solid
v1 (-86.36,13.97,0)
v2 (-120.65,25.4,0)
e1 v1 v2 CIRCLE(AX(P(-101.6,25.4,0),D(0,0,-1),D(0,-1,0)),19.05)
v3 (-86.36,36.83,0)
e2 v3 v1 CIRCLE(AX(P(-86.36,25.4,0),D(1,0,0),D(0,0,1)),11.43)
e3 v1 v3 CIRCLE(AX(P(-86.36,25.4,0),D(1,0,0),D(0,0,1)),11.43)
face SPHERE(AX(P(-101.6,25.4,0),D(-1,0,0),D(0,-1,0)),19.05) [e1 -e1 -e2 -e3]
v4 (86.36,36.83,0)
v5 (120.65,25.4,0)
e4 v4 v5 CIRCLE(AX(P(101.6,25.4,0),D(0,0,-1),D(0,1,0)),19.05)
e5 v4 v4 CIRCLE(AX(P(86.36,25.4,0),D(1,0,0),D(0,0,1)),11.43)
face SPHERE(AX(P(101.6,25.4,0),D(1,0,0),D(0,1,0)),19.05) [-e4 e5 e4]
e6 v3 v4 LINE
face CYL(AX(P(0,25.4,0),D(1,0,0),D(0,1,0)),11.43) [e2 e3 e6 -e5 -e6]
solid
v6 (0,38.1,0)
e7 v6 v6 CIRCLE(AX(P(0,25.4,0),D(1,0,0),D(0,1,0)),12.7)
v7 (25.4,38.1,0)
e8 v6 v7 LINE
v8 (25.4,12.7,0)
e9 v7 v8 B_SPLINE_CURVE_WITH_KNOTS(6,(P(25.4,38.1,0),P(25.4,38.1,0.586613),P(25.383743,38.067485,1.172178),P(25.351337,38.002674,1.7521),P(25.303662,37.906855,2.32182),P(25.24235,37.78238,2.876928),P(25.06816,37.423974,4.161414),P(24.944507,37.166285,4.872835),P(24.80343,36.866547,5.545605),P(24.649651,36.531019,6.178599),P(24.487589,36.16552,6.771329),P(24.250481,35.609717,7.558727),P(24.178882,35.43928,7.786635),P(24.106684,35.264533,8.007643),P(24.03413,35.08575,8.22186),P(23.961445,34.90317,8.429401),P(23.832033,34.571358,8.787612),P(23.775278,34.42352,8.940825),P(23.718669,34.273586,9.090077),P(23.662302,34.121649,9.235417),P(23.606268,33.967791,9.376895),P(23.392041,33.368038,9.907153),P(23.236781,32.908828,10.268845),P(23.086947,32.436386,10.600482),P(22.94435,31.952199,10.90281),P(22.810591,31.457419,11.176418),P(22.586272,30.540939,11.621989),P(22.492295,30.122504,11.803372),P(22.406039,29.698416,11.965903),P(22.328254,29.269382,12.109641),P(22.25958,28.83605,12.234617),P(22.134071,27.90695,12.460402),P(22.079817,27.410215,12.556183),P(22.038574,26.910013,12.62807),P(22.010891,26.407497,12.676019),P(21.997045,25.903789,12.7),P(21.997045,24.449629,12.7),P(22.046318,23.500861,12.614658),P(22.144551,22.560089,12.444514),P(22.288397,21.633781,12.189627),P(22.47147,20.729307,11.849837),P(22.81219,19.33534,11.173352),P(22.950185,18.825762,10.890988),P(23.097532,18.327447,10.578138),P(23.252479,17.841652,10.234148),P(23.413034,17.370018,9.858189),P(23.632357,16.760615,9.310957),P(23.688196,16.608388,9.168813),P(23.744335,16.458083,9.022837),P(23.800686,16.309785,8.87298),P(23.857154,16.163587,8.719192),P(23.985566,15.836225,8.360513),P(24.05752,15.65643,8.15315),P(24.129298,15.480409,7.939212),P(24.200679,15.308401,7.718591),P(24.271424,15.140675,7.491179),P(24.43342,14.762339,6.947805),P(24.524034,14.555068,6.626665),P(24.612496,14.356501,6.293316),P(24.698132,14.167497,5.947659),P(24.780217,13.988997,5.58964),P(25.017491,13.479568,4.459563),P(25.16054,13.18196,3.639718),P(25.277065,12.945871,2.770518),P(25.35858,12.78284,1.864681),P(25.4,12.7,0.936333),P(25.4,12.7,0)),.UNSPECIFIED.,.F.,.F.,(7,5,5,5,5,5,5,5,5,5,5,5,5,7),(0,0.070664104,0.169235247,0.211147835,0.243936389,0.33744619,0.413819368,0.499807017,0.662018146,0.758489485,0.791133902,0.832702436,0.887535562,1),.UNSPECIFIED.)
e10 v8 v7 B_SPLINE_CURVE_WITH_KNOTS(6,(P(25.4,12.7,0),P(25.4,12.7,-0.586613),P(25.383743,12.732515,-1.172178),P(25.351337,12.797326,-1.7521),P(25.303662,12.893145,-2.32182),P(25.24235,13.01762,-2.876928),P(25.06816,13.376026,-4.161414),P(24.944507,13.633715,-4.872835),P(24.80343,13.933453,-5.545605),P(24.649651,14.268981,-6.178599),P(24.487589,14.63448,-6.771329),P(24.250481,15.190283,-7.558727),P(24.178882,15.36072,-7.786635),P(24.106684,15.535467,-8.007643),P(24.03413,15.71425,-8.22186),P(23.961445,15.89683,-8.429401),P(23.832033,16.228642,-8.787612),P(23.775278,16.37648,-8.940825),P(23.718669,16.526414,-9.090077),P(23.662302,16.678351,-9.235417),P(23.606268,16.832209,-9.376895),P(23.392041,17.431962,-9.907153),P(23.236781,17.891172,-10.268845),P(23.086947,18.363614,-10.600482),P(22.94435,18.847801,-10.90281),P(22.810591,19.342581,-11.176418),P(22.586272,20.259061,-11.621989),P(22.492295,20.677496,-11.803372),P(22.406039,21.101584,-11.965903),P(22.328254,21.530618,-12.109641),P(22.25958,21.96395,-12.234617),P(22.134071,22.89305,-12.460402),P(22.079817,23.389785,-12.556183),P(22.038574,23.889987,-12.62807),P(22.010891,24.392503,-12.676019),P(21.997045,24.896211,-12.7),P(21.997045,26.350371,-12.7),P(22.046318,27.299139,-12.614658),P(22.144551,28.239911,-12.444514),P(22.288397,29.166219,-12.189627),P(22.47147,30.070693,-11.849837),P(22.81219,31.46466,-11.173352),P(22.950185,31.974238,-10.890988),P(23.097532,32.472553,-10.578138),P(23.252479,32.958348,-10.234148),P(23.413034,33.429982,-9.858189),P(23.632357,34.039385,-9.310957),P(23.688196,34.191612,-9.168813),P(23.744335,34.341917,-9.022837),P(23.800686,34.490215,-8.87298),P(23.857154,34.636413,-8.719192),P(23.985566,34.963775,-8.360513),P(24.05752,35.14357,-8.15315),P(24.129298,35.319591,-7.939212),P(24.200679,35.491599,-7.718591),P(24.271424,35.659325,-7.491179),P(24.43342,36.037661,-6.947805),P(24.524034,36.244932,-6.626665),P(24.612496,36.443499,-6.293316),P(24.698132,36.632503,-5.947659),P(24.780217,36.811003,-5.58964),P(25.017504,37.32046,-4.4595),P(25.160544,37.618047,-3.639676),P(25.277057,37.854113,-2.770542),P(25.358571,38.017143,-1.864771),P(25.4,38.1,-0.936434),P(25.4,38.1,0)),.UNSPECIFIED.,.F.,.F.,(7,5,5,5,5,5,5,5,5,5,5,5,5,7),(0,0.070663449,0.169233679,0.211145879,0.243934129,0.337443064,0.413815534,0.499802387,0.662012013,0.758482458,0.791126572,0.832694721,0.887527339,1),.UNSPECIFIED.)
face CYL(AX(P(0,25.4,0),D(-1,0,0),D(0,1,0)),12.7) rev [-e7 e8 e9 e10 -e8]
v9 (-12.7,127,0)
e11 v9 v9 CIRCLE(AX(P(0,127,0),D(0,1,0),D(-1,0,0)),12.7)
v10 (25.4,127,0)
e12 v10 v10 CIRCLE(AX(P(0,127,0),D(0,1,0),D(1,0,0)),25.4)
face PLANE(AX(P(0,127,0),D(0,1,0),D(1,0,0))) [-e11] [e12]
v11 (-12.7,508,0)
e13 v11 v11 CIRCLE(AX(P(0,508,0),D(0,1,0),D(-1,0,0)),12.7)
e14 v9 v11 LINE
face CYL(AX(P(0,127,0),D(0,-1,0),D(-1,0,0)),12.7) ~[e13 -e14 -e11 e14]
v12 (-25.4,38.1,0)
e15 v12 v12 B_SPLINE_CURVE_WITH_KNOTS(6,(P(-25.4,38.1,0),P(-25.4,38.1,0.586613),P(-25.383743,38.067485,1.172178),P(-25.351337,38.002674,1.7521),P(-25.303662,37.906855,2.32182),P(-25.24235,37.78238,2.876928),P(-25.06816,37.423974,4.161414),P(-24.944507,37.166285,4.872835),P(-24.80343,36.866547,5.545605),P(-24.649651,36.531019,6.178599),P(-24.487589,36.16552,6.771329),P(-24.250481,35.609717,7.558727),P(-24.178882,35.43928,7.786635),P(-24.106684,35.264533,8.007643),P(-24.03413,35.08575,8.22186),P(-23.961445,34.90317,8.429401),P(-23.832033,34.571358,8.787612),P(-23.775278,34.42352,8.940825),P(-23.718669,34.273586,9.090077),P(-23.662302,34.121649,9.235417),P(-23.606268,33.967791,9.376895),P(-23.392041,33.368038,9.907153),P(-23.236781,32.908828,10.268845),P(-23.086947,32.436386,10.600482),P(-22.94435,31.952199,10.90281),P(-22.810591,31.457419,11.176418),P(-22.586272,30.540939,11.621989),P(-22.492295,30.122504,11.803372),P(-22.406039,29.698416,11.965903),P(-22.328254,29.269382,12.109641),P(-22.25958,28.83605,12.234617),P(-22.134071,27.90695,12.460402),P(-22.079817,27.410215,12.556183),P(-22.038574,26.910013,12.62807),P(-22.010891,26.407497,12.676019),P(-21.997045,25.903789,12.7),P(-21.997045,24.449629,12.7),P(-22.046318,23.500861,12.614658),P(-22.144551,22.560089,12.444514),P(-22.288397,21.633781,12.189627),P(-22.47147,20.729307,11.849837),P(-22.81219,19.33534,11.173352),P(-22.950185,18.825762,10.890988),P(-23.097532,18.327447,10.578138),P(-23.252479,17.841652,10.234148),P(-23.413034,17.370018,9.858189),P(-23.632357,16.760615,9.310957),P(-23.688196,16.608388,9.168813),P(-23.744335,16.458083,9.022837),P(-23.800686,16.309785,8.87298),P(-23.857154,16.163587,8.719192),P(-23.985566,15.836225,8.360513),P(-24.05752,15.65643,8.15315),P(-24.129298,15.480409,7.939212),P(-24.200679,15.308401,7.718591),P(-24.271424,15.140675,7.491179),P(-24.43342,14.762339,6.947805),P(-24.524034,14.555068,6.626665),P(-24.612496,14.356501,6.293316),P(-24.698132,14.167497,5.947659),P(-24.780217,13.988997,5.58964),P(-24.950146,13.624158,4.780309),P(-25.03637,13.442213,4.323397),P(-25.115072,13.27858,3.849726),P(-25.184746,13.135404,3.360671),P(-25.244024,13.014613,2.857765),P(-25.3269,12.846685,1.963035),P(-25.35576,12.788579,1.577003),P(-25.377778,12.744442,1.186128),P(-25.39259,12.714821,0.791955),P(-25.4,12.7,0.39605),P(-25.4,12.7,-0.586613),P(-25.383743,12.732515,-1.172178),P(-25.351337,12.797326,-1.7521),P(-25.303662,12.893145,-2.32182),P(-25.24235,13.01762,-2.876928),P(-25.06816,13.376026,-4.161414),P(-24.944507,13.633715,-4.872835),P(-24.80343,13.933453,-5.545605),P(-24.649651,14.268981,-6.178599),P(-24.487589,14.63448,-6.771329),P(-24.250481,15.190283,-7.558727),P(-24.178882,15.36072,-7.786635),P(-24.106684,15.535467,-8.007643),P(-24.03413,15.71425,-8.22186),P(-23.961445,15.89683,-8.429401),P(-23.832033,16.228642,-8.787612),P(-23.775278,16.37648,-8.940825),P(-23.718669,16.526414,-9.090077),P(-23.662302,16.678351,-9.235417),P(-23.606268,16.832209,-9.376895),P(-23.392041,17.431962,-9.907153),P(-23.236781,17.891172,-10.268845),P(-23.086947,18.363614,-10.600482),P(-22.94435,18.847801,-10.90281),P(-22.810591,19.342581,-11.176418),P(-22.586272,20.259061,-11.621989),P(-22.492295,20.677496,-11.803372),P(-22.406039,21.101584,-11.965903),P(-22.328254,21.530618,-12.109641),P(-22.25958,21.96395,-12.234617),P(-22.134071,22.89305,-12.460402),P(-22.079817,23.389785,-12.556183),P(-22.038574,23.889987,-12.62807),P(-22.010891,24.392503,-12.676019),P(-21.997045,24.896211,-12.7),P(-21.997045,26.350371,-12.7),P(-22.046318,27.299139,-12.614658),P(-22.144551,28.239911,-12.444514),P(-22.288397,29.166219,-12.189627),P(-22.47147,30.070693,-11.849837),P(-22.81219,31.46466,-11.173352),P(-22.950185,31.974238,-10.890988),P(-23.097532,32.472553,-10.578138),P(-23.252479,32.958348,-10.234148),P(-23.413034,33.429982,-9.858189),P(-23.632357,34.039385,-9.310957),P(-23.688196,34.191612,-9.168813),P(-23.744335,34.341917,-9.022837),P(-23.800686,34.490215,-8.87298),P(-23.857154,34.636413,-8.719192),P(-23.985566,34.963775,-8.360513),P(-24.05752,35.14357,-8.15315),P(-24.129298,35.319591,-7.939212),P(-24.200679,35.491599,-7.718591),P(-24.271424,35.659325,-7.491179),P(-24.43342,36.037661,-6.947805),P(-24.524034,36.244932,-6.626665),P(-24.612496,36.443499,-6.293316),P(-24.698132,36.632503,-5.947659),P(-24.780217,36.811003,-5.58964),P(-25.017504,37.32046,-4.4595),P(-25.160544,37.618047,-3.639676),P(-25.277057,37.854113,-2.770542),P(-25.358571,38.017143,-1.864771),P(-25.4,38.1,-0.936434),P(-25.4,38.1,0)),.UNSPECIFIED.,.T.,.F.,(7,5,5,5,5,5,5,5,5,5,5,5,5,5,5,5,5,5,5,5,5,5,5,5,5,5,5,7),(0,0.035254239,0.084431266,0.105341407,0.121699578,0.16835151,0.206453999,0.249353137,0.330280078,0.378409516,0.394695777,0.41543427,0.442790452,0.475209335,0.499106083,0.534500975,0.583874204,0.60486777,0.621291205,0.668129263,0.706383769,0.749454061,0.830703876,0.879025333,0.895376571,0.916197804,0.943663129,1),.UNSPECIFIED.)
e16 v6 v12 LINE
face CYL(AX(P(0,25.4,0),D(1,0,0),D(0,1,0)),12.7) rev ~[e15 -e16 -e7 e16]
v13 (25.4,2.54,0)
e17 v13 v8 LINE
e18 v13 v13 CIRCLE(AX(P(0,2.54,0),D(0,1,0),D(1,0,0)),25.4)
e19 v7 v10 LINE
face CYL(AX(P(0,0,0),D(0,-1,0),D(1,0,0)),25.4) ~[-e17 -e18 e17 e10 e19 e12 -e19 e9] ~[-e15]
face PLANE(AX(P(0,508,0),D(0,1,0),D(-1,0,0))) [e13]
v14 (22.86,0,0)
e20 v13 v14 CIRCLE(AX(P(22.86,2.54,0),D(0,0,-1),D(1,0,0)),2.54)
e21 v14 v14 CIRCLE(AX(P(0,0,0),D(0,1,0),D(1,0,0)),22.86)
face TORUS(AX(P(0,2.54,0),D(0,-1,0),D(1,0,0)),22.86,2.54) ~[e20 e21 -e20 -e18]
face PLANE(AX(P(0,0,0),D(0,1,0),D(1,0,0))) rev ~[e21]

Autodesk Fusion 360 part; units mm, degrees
sketch "Sketch1" plane through (0, 0, 0) normal (0, 1, 0) x (1, 0, 0)
  circle A0 centre (0, 0) radius 25.4
  dimension "d1" = 50.8
extrude "Extrude1" add sketch "Sketch1" along normal blind 127 makes body 1
sketch "Sketch3" plane through (0, 0, 0) normal (1, 0, 0) x (0, 1, 0)
  circle A0 centre (25.4, 0) radius 12.7
  dimension "d4" = 25.4
extrude "Extrude2" cut sketch "Sketch3" along normal through all and the other way through all bodies 1
sketch "Sketch4" plane through (0, 0, 0) normal (1, 0, 0) x (0, 1, 0)
  circle A0 centre (25.4, 0) radius 11.43
  dimension "d7" = 22.86
extrude "Extrude3" add sketch "Sketch4" along normal mid plane 203.2 separate body makes body 2
sphere "SpherePrimitive2" add diameter 38.1 placed x (0, -1, 0) y (0, 0, 1) z (-1, 0, 0) at (-101.6, 25.4, 0) bodies 2
sphere "SpherePrimitive1" add diameter 38.1 placed x (0, 1, 0) y (0, 0, 1) z (1, 0, 0) at (101.6, 25.4, 0) bodies 2
fillet "Fillet1" radius 2.54 1 edges at (-23.6811, 0, 9.185) on bodies 1
sketch "Sketch7" plane through (0, 127, 0) normal (0, 1, 0) x (-1, 0, 0)
  circle A0 centre (0, 0) radius 25.4
  circle A1 centre (0, 0) radius 12.7
  dimension "d14" = 25.4
extrude "Extrude4" add sketch "Sketch7" along normal blind 381 contours A1 bodies 1
thread "Thread1"
